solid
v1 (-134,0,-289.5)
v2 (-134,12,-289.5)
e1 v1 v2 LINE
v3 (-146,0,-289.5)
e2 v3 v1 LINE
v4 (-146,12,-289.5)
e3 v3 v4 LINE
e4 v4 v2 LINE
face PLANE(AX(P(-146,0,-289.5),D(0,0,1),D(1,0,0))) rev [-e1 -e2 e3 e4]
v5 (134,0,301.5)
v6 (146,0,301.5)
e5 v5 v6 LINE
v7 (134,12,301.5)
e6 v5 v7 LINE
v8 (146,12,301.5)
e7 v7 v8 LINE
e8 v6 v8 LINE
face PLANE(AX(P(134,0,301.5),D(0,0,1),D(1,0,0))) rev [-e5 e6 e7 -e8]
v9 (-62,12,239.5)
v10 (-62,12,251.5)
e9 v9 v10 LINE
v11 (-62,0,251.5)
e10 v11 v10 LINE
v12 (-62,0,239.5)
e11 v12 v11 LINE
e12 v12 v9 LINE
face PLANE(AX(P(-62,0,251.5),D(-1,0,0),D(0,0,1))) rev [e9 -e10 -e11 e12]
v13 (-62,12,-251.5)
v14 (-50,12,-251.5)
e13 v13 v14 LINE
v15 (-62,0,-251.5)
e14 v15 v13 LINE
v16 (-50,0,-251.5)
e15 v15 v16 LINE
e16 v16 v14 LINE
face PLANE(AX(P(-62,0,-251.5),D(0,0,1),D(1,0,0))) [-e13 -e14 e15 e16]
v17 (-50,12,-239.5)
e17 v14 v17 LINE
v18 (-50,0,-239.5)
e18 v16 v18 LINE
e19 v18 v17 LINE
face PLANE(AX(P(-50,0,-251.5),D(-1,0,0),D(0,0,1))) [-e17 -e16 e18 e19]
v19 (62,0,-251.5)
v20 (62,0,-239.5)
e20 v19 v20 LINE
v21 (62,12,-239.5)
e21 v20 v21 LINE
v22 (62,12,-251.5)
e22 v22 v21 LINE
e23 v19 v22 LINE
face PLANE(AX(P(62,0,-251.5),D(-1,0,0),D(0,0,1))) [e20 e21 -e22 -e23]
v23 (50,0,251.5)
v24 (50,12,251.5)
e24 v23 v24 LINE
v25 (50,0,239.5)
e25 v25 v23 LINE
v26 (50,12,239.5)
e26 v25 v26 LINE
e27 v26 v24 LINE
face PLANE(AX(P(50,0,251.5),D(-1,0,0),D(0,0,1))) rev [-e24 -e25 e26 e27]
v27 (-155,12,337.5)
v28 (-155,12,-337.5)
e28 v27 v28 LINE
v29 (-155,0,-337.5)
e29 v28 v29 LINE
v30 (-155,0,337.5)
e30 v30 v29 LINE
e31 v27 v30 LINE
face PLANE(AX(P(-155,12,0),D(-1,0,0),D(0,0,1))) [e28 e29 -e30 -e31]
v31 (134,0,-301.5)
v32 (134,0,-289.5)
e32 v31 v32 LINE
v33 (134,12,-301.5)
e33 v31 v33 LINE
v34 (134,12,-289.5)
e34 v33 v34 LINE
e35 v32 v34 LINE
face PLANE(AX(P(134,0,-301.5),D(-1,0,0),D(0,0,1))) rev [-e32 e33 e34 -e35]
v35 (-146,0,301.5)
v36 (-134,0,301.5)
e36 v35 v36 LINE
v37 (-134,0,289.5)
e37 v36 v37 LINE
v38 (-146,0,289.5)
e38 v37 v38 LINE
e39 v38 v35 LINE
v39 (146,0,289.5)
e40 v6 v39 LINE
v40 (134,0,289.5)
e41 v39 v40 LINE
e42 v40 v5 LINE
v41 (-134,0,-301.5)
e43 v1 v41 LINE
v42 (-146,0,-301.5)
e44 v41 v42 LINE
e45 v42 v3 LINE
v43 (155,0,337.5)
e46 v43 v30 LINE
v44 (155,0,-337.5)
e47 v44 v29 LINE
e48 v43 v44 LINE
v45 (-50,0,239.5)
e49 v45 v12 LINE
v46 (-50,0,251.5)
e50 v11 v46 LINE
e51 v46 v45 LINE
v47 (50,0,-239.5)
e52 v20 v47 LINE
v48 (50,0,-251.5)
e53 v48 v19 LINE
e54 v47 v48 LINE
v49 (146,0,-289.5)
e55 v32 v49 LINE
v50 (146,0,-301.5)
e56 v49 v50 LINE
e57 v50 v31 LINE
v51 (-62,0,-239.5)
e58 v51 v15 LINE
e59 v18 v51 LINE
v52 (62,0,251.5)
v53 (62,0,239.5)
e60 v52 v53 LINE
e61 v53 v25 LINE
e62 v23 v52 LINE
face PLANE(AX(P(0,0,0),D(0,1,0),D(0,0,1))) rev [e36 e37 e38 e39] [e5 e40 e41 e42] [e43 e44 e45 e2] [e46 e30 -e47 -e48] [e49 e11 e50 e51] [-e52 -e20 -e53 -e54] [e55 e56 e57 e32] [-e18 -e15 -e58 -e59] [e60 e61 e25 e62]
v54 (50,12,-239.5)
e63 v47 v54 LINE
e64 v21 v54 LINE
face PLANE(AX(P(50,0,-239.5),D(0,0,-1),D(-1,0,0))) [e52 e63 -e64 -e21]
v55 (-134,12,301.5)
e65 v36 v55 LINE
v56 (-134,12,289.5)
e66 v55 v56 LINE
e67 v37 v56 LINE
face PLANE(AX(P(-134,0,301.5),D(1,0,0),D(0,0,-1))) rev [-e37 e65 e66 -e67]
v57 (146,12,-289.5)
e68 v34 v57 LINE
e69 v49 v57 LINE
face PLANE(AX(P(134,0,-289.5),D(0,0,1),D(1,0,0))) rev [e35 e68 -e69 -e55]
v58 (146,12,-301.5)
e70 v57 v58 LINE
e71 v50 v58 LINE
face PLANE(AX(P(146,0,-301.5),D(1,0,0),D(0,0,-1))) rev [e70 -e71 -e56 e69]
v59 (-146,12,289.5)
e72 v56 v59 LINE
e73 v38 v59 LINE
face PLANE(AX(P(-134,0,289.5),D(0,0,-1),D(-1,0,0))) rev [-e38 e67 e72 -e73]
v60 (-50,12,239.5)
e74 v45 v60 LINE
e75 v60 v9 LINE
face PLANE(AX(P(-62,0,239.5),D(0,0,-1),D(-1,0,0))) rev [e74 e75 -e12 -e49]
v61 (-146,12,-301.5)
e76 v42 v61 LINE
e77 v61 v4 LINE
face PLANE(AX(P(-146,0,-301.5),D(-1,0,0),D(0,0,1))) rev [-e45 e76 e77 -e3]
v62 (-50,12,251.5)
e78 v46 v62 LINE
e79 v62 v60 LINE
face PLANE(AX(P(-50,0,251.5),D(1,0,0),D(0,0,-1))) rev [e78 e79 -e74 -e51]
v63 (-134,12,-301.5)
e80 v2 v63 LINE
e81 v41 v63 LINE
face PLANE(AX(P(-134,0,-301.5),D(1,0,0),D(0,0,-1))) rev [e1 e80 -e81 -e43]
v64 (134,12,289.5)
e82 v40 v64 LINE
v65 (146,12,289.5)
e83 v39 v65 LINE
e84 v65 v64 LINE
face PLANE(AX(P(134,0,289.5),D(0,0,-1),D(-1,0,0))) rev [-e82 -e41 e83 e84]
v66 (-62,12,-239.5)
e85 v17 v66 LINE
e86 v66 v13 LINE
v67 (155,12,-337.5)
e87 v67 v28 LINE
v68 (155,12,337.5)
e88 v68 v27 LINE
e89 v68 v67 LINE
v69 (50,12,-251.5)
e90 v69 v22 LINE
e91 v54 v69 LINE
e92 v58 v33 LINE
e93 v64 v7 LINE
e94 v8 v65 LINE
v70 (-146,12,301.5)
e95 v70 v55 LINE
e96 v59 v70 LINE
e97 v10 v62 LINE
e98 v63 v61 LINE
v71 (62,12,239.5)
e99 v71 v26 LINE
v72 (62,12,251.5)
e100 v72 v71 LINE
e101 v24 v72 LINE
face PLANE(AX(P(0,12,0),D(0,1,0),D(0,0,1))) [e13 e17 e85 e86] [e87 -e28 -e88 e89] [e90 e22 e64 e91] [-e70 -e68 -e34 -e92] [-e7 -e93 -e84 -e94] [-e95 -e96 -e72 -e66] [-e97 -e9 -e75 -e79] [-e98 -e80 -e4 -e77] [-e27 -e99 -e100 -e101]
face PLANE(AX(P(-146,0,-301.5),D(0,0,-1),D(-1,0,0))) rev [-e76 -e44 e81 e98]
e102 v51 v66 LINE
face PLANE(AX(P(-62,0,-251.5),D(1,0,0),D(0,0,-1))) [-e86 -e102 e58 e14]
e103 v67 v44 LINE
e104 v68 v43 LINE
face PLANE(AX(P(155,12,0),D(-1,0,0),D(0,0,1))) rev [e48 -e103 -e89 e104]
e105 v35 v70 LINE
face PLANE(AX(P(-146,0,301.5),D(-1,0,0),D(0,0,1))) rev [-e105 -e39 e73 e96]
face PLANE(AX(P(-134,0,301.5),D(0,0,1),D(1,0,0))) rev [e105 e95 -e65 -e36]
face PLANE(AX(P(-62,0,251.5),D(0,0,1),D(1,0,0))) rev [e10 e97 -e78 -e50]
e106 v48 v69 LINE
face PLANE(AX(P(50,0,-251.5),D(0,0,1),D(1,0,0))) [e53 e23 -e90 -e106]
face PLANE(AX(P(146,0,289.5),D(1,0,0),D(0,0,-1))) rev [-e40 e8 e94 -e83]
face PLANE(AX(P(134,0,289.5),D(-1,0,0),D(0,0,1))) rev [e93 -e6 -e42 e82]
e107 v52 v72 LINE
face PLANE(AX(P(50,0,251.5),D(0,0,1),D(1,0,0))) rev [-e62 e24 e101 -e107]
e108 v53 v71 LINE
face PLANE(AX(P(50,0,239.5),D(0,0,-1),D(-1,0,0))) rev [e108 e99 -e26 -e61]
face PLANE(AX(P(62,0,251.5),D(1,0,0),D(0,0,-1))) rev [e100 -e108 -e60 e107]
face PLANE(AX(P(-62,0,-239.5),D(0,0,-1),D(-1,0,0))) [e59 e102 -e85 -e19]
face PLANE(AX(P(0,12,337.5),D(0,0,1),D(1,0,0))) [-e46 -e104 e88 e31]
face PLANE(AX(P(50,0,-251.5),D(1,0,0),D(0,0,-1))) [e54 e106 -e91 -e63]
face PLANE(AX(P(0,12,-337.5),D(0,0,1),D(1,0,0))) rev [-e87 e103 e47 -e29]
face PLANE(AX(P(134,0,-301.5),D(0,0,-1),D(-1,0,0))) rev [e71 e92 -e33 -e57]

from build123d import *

# Parameters (mm, degrees)
SKETCH1_W           = 310
SKETCH1_H           = 675
SKETCH1_W_2         = 300
SKETCH1_H_2         = 665
SKETCH1_W_3         = 260
SKETCH1_H_3         = 625
BOSS_EXTRUDE1_DEPTH = 12
SKETCH2_W           = 12
SKETCH2_H           = 12
CUT_EXTRUDE1_DEPTH  = 13
SKETCH3_W           = 12
SKETCH3_H           = 12
CUT_EXTRUDE2_DEPTH  = 13


with BuildPart() as part:
    # Sketch1 → Boss-Extrude1 (new body)
    with BuildSketch(Plane(origin=(0, 0, 0), x_dir=(1, 0, 0), z_dir=(0, 1, 0))):
        Rectangle(SKETCH1_W, SKETCH1_H)
        Rectangle(SKETCH1_W_2, SKETCH1_H_2, mode=Mode.SUBTRACT)
        Rectangle(SKETCH1_W_2, SKETCH1_H_2)
        Rectangle(SKETCH1_W_3, SKETCH1_H_3, mode=Mode.SUBTRACT)
        Rectangle(SKETCH1_W_3, SKETCH1_H_3)
    extrude(amount=BOSS_EXTRUDE1_DEPTH)

    # Sketch2 → Cut-Extrude1 (cut, through all)
    with BuildSketch(Plane(origin=(0, 12, 0), x_dir=(1, 0, 0), z_dir=(0, 1, 0))):
        with Locations((-140, -295.5)):
            Rectangle(SKETCH2_W, SKETCH2_H)
        with Locations((-140, 295.5)):
            Rectangle(SKETCH2_W, SKETCH2_H)
        with Locations((140, 295.5)):
            Rectangle(SKETCH2_W, SKETCH2_H)
        with Locations((140, -295.5)):
            Rectangle(SKETCH2_W, SKETCH2_H)
    extrude(amount=-CUT_EXTRUDE1_DEPTH, mode=Mode.SUBTRACT)

    # Sketch3 → Cut-Extrude2 (cut, through all)
    with BuildSketch(Plane(origin=(0, 12, 0), x_dir=(1, 0, 0), z_dir=(0, 1, 0))):
        with Locations((-56, -245.5)):
            Rectangle(SKETCH3_W, SKETCH3_H)
        with Locations((56, -245.5)):
            Rectangle(SKETCH3_W, SKETCH3_H)
    cut_extrude2 = extrude(amount=-CUT_EXTRUDE2_DEPTH, mode=Mode.SUBTRACT)

    # Mirror1: Cut-Extrude2 across plane
    add(cut_extrude2.mirror(Plane.XY), mode=Mode.SUBTRACT)


solid = part.part
